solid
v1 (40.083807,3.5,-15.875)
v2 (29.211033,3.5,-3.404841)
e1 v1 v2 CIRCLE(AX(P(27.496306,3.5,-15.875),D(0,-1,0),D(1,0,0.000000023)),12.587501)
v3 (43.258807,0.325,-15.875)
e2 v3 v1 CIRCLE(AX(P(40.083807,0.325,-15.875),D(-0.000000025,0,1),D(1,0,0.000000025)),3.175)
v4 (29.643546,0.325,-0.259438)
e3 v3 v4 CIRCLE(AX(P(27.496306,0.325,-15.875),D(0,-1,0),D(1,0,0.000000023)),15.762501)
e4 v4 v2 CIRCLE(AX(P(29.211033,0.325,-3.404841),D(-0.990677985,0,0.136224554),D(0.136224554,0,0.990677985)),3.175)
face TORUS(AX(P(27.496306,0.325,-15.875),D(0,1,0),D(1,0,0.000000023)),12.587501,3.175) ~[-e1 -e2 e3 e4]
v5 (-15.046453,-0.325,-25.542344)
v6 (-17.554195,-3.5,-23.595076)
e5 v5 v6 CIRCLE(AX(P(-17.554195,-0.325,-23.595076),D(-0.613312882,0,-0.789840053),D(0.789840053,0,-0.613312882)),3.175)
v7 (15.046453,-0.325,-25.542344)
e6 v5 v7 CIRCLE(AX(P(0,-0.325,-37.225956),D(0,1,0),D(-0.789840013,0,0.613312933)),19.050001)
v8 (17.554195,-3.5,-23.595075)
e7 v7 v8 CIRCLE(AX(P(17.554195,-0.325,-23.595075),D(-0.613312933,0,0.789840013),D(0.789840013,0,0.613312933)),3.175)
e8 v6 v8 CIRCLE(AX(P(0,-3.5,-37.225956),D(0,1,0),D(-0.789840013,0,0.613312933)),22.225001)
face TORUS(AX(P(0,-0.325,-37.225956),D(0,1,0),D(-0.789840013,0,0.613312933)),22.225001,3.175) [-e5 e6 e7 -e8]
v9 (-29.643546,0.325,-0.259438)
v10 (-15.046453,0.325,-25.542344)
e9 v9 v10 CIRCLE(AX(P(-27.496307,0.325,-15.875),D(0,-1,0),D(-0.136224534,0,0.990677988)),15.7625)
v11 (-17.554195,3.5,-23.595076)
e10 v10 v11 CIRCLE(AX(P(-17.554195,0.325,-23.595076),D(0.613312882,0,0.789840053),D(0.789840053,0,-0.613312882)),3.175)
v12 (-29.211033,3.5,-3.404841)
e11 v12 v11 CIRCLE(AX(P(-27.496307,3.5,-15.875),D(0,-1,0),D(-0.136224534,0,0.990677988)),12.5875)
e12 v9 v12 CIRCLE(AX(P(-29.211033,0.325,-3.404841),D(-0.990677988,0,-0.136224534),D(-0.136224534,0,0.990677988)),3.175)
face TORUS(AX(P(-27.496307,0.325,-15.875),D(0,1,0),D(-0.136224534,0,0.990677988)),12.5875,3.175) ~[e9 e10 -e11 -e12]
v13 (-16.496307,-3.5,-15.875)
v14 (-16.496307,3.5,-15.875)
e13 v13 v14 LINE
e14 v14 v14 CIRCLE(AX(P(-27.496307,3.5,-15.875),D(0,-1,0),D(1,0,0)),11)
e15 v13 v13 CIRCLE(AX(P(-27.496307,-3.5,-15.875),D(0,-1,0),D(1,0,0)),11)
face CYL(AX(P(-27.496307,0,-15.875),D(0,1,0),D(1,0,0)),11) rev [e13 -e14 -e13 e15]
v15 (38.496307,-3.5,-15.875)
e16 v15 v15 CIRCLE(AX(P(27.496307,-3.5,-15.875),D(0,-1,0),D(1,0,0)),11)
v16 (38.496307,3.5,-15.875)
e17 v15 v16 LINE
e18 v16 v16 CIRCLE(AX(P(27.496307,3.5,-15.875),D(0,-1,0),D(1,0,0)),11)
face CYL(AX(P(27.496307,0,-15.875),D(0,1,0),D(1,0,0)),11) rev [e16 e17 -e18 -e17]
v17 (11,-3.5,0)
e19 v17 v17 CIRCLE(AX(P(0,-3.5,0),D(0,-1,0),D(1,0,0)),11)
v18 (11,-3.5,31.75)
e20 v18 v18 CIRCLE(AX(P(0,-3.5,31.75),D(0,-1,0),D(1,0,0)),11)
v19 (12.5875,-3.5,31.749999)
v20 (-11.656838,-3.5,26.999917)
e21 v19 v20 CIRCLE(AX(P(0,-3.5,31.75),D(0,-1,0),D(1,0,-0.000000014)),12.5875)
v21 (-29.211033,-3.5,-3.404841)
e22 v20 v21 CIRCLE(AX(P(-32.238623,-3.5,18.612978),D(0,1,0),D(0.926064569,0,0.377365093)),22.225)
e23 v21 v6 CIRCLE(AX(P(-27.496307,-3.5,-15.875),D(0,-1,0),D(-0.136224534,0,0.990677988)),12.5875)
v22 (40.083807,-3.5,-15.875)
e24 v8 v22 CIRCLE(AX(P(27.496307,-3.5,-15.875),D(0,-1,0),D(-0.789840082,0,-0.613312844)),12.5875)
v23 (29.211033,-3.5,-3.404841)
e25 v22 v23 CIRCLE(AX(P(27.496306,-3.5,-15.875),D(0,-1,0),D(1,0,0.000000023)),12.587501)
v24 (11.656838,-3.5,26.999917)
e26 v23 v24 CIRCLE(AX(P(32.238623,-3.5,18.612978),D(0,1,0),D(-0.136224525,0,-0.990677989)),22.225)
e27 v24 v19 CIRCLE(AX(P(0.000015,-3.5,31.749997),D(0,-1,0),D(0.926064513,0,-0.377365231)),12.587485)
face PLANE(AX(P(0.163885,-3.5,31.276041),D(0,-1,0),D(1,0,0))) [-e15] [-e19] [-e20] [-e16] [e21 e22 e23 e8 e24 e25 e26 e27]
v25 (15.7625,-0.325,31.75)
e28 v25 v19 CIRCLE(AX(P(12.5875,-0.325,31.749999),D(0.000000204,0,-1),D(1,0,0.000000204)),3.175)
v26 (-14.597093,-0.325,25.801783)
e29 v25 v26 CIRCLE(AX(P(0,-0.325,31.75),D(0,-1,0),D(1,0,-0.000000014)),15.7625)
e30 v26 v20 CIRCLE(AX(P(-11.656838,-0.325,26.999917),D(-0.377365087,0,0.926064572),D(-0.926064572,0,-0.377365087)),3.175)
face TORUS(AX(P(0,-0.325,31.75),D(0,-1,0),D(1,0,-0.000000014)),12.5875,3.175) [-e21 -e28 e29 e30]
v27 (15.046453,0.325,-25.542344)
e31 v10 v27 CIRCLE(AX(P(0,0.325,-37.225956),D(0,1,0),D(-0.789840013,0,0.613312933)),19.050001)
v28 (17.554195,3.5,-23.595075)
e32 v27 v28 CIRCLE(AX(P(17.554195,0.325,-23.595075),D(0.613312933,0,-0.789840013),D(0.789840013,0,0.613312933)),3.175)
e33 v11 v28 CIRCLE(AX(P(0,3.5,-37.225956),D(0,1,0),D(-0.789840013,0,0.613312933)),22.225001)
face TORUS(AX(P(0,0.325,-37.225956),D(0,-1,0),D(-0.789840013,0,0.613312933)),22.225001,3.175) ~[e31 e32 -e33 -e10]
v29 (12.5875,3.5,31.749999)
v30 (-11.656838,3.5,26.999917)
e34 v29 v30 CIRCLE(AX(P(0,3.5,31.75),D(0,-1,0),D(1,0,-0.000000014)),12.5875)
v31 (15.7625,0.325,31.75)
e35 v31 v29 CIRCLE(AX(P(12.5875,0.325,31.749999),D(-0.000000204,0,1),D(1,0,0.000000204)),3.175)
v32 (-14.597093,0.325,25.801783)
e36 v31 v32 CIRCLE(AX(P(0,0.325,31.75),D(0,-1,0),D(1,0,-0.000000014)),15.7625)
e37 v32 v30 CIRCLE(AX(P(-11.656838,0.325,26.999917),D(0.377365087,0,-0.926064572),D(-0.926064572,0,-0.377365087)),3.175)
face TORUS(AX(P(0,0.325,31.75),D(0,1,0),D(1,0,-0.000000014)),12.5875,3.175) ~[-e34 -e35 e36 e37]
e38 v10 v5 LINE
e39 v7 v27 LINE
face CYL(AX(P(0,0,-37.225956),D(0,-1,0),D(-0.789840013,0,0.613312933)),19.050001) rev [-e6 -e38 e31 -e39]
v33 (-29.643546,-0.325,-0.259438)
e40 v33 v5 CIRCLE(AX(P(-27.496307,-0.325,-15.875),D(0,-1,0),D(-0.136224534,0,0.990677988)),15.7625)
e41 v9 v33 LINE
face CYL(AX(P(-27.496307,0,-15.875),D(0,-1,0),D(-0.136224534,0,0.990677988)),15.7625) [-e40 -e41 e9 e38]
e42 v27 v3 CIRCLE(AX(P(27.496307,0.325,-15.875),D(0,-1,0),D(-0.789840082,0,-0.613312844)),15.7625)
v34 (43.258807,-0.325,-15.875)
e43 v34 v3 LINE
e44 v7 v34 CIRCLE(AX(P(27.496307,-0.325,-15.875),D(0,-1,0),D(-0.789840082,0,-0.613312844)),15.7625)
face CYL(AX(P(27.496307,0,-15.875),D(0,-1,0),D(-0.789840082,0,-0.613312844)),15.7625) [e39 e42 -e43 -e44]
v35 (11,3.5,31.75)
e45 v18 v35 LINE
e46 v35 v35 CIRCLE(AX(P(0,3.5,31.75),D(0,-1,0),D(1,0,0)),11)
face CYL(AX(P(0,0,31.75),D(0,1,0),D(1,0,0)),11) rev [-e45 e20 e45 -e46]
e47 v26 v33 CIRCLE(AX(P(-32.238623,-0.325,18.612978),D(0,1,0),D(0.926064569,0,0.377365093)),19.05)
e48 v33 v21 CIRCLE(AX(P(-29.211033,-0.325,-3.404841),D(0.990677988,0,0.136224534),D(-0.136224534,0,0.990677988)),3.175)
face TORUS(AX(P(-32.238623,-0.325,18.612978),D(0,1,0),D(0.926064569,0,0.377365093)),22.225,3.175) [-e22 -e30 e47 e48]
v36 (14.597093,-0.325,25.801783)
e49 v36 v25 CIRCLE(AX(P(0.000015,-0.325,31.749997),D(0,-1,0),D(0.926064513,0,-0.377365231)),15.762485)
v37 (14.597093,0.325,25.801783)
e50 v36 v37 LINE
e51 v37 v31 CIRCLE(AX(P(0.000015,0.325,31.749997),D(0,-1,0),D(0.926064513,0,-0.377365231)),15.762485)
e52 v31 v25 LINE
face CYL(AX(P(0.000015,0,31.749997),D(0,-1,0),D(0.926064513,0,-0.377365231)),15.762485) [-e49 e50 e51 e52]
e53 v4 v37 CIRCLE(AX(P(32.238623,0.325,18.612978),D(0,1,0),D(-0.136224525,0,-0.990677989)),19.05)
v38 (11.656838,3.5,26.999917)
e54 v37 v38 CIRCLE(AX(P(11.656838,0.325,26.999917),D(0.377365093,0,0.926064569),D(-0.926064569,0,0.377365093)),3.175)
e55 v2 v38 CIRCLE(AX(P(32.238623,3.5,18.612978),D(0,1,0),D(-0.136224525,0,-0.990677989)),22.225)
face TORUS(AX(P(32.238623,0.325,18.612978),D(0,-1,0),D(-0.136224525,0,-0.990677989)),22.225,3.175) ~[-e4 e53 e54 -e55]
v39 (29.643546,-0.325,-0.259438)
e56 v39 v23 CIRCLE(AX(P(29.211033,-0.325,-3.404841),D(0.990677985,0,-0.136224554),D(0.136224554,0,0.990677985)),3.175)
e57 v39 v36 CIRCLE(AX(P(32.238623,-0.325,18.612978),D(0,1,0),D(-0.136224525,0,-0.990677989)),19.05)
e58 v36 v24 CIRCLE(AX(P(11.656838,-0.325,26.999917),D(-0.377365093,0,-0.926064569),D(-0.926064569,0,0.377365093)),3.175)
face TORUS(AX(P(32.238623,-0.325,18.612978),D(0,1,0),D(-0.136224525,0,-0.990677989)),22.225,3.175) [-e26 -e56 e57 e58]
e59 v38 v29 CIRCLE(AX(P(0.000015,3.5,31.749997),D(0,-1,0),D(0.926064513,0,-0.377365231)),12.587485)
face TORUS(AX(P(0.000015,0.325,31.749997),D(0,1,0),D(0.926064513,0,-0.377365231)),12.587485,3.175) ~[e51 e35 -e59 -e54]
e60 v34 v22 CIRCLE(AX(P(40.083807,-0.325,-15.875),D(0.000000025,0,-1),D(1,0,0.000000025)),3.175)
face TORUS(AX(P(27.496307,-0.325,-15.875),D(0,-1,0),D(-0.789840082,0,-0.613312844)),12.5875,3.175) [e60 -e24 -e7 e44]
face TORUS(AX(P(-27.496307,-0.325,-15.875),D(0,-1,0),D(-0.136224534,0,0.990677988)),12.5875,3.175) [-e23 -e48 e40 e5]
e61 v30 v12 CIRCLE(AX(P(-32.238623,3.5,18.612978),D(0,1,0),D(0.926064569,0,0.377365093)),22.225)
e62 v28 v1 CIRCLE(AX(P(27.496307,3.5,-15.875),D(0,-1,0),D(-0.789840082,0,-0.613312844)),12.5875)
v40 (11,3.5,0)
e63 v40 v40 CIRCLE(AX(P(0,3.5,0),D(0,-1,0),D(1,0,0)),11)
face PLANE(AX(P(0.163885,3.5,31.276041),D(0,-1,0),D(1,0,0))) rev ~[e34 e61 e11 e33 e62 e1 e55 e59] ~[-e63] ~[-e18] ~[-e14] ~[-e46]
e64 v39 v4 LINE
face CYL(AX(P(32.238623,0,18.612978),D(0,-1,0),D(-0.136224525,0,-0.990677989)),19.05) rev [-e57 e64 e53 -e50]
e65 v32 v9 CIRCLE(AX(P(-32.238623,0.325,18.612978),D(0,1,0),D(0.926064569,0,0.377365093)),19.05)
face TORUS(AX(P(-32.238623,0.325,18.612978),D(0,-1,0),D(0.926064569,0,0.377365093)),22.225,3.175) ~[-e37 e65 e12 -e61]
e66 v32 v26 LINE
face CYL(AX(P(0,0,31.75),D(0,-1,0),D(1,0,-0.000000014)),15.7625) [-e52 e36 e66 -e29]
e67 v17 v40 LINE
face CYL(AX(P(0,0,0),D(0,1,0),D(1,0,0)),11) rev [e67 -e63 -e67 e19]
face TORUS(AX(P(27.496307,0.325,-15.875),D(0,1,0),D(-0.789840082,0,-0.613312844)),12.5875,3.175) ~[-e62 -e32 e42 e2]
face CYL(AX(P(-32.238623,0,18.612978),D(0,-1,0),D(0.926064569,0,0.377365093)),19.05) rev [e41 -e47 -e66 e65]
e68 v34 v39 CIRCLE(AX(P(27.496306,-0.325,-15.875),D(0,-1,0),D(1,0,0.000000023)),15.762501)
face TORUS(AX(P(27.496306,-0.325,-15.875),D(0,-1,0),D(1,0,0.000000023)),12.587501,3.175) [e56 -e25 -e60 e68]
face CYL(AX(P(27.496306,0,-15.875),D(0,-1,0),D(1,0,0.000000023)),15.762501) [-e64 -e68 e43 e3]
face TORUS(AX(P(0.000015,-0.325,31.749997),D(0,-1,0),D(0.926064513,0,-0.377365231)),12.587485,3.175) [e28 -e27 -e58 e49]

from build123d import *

# Parameters (mm, degrees)
F0_R     = 11
F1_DEPTH = 3.5
F2_R     = 3.175


with BuildPart() as f1:
    # F0 (on Front) → F1 (new body, symmetric)
    with BuildSketch(Plane.XZ):
        with BuildLine():
            ThreePointArc((14.597093, 25.801783), (15.468405, 28.719346), (15.7625, 31.75))
            ThreePointArc((15.7625, 31.75), (-3.030654, 47.218405), (-14.597093, 25.801783))
            ThreePointArc((-14.597093, 25.801783), (0, 15.9875), (14.597093, 25.801783))
        make_face()
        with Locations((0, 31.75)):
            Circle(F0_R, mode=Mode.SUBTRACT)
        with BuildLine():
            ThreePointArc((14.597093, 25.801783), (0, 15.9875), (-14.597093, 25.801783))
            ThreePointArc((-14.597093, 25.801783), (-15.740839, 9.087978), (-29.643546, -0.259438))
            ThreePointArc((-29.643546, -0.259438), (-17.137481, -3.994296), (-11.733807, -15.875))
            ThreePointArc((-11.733807, -15.875), (-12.584948, -20.984579), (-15.046453, -25.542344))
            ThreePointArc((-15.046453, -25.542344), (0, -18.175955), (15.046453, -25.542344))
            ThreePointArc((15.046453, -25.542344), (13.845581, -7.99375), (29.643546, -0.259438))
            ThreePointArc((29.643546, -0.259438), (15.740839, 9.087978), (14.597093, 25.801783))
        make_face()
        Circle(F0_R, mode=Mode.SUBTRACT)
        with BuildLine():
            ThreePointArc((-11.733807, -15.875), (-17.137481, -3.994296), (-29.643546, -0.259438))
            ThreePointArc((-29.643546, -0.259438), (-41.147032, -23.75625), (-15.046453, -25.542344))
            ThreePointArc((-15.046453, -25.542344), (-12.584948, -20.984579), (-11.733807, -15.875))
        make_face()
        with Locations((-27.496307, -15.875)):
            Circle(F0_R, mode=Mode.SUBTRACT)
        with BuildLine():
            ThreePointArc((43.258807, -15.875), (39.377011, -5.516174), (29.643546, -0.259438))
            ThreePointArc((29.643546, -0.259438), (13.845581, -7.99375), (15.046453, -25.542344))
            ThreePointArc((15.046453, -25.542344), (32.605885, -30.786359), (43.258807, -15.875))
        make_face()
        with Locations((27.496307, -15.875)):
            Circle(F0_R, mode=Mode.SUBTRACT)
    extrude(amount=F1_DEPTH, both=True)

    # F2
    f2_edges = [f1.edges().sort_by_distance(p)[0] for p in [
        (-41.147032, -3.5, -23.75625),
        (-41.147032, 3.5, -23.75625),
    ]]
    fillet(f2_edges, radius=F2_R)


solid = f1.part
